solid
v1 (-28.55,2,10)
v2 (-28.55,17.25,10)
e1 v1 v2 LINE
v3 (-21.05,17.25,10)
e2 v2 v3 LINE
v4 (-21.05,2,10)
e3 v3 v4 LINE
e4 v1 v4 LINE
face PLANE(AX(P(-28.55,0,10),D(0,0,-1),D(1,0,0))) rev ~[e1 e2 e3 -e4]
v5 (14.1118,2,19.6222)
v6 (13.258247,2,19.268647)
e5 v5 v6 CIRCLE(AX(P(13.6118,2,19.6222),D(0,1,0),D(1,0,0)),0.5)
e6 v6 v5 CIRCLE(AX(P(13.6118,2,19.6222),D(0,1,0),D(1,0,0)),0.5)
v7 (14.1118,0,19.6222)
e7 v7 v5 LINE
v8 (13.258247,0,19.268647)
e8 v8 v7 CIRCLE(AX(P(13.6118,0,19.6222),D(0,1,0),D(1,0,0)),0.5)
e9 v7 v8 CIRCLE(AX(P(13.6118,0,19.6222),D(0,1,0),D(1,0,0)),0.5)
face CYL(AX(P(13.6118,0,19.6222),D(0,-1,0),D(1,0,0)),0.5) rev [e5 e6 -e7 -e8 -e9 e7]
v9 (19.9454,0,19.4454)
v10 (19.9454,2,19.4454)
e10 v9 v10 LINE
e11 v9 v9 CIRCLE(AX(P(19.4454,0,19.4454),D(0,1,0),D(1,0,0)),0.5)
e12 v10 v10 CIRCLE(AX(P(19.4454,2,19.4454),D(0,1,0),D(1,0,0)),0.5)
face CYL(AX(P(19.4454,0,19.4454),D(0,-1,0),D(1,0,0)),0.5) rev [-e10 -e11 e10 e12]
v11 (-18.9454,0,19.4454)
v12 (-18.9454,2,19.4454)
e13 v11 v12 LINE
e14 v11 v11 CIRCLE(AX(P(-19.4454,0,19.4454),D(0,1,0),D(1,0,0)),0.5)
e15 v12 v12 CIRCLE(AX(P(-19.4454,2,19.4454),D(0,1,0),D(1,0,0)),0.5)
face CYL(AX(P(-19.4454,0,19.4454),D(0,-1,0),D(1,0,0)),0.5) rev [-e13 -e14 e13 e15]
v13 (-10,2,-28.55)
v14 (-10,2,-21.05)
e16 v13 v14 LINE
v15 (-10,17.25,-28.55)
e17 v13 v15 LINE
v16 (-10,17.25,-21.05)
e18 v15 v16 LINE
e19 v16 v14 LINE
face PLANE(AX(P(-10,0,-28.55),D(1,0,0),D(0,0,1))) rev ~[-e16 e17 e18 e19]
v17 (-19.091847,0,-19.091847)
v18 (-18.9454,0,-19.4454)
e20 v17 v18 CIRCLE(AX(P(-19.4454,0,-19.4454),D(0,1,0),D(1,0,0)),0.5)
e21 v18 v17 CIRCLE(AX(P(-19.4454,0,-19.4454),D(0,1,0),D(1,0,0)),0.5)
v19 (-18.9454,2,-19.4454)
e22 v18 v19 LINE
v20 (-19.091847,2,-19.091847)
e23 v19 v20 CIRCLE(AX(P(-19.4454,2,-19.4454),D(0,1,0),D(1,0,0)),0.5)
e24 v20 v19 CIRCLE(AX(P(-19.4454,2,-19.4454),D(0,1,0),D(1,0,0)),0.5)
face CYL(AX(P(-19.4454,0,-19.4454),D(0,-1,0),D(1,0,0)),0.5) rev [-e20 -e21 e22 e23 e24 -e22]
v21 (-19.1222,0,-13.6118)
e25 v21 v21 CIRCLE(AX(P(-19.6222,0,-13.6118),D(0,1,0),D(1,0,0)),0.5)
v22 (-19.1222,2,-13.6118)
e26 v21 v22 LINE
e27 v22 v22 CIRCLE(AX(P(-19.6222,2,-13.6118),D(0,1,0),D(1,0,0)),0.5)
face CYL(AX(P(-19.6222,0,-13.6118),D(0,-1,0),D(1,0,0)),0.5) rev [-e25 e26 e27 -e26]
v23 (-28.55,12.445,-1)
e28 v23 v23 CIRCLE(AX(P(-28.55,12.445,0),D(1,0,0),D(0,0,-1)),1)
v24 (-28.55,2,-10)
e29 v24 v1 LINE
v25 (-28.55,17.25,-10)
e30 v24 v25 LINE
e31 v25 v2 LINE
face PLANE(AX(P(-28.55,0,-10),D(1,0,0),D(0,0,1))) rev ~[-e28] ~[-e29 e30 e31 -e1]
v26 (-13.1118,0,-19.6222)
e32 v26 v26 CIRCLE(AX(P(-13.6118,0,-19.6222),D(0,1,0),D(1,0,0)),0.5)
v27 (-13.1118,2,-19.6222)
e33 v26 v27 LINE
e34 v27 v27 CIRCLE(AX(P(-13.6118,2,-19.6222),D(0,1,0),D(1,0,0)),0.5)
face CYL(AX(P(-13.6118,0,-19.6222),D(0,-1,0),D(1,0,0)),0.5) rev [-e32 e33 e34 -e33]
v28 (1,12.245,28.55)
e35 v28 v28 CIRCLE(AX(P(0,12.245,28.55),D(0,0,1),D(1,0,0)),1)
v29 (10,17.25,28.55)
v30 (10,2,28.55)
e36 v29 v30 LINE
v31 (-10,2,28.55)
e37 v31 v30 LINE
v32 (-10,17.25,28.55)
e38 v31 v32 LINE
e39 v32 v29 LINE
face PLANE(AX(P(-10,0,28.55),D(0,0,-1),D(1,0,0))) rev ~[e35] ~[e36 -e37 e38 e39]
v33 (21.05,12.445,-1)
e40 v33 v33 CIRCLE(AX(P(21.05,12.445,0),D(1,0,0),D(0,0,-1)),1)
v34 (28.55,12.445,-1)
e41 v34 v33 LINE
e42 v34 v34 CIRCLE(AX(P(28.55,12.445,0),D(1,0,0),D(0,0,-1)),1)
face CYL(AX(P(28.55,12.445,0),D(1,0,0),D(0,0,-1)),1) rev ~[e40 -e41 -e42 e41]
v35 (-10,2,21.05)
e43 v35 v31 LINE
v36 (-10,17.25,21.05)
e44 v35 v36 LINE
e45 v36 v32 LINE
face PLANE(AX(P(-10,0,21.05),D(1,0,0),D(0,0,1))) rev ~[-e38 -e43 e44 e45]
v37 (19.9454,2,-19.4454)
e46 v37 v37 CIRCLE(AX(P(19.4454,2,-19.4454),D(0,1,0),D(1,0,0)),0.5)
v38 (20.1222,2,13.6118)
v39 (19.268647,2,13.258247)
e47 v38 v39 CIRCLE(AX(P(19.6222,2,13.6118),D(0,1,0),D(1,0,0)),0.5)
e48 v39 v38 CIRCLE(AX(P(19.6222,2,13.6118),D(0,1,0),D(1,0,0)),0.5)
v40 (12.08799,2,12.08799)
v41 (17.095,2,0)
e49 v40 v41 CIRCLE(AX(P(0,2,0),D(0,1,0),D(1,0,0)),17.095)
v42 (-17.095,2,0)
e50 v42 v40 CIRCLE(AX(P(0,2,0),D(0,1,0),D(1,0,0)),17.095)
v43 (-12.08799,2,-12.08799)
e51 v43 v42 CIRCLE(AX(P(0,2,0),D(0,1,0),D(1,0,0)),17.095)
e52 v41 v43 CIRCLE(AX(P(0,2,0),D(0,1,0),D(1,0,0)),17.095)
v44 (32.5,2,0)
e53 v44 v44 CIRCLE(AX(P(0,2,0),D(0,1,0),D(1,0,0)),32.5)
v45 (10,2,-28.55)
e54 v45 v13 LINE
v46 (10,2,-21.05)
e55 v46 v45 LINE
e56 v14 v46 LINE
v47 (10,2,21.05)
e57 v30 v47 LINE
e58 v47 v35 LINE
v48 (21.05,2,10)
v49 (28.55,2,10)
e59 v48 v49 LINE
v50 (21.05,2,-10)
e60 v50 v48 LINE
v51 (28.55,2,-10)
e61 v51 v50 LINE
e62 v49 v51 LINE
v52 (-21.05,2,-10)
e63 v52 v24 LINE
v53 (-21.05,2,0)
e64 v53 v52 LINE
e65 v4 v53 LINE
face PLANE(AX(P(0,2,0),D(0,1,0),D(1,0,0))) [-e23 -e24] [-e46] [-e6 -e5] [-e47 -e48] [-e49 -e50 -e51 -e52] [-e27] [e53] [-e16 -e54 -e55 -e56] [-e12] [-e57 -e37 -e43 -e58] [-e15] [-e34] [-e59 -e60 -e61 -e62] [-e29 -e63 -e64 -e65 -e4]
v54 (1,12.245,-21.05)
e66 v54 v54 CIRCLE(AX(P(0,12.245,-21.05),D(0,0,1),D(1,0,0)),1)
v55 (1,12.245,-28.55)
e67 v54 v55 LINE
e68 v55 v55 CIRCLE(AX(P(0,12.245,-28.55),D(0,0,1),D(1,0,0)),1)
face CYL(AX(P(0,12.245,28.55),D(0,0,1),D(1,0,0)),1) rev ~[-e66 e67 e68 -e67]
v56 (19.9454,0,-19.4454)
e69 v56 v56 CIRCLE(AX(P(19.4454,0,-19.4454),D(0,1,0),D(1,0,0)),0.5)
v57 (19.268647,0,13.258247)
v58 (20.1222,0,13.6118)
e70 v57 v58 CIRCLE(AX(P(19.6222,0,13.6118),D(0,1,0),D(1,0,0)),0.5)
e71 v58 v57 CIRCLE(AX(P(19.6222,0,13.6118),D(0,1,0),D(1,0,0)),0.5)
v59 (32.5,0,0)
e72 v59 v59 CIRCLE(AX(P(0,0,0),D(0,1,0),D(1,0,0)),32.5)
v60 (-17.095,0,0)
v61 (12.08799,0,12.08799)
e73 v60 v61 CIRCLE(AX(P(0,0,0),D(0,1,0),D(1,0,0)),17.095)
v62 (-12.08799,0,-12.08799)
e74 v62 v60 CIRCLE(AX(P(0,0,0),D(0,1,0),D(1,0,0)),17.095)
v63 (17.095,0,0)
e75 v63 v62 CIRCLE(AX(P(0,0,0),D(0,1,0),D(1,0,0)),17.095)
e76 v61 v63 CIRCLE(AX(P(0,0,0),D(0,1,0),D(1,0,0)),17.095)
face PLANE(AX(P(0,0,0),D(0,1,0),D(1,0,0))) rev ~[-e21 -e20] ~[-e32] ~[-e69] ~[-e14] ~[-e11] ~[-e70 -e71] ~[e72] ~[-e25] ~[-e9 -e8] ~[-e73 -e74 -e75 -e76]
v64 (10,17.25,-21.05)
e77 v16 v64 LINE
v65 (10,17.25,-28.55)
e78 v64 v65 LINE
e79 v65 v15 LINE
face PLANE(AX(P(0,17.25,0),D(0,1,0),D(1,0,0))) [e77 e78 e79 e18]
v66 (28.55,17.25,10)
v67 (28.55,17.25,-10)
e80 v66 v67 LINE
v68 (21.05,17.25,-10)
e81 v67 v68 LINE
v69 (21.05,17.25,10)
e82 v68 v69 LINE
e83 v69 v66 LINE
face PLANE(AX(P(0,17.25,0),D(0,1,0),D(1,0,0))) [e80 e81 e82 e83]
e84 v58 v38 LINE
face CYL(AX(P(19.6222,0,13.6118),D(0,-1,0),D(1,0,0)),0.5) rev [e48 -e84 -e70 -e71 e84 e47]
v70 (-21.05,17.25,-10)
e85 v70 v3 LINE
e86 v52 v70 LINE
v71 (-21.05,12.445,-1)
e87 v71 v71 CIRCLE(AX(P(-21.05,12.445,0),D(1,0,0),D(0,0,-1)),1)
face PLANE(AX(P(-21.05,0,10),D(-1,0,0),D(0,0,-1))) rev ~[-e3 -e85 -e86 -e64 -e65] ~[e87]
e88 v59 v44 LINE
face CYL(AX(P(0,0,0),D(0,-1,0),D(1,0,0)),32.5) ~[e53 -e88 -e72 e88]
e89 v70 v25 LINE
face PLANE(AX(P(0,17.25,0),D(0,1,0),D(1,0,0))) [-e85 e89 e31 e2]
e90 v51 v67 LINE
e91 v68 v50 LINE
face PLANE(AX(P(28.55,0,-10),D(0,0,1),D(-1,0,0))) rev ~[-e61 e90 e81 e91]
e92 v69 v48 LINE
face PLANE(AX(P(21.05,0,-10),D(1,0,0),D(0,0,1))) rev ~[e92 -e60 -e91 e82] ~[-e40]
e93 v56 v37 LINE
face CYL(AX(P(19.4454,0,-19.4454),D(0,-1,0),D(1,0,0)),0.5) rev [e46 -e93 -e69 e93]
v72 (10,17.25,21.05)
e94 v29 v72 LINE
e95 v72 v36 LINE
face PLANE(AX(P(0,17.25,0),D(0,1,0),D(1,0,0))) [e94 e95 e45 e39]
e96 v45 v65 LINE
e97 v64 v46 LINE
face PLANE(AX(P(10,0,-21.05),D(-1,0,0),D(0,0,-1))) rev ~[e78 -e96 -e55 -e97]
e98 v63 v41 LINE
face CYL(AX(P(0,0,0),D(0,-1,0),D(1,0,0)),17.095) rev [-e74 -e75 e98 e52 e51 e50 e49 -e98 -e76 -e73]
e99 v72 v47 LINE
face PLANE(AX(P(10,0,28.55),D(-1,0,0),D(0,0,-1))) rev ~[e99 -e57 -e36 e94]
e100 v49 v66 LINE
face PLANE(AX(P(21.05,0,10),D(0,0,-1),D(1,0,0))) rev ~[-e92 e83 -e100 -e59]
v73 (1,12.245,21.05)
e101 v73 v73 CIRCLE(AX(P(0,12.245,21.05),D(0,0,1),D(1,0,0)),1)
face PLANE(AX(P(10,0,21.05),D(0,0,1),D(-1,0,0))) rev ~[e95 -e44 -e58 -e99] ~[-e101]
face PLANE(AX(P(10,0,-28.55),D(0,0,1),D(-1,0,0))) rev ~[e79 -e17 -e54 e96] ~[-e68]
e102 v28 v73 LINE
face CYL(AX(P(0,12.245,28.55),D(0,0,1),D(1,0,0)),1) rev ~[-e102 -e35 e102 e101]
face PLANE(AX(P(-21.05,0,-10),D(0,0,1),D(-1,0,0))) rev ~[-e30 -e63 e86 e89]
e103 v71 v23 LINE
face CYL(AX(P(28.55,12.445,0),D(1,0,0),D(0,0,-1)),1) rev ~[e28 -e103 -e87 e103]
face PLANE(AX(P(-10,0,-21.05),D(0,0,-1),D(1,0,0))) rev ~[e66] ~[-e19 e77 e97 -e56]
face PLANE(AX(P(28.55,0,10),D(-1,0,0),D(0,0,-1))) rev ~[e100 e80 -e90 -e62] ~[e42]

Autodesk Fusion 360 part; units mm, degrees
sketch "Sketch1" plane through (0, 0, 0) normal (0, 1, 0) x (1, 0, 0)
  circle A0 centre (0, 0) radius 17.095
  circle A1 centre (0, 0) radius 32.5
  line L0 (-21.05, 10) -> (-28.55, 10)
  line L1 (-28.55, 10) -> (-28.55, -10)
  line L2 (-28.55, -10) -> (-21.05, -10)
  line L3 (-21.05, -10) -> (-21.05, 10)
  line L4 (-21.05, 0) -> (0, 0)
  line L5 (0, 0) -> (-19.4454, 19.4454)
  circle A2 centre (-19.4454, 19.4454) radius 0.5
  line L6 (-10, -21.05) -> (-10, -28.55)
  line L7 (10, -28.55) -> (10, -21.05)
  line L8 (-10, -28.55) -> (10, -28.55)
  line L9 (10, -21.05) -> (-10, -21.05)
  circle A3 centre (-19.4454, -19.4454) radius 0.5
  line L10 (21.05, -10) -> (28.55, -10)
  line L11 (28.55, 10) -> (21.05, 10)
  line L12 (28.55, -10) -> (28.55, 10)
  line L13 (21.05, 10) -> (21.05, -10)
  circle A4 centre (19.4454, -19.4454) radius 0.5
  line L14 (10, 21.05) -> (10, 28.55)
  line L15 (-10, 28.55) -> (-10, 21.05)
  line L16 (10, 28.55) -> (-10, 28.55)
  line L17 (-10, 21.05) -> (10, 21.05)
  circle A5 centre (19.4454, 19.4454) radius 0.5
  line L18 (17.3241, -8.1317) -> (8.1317, -17.3241)
  line L19 (0, 0) -> (12.7279, -12.7279)
  line L20 (10.253, -19.4454) -> (8.1317, -17.3241)
  line L21 (8.1317, -17.3241) -> (11.3137, -14.1421)
  line L22 (11.3137, -14.1421) -> (13.435, -16.2635)
  line L23 (13.435, -16.2635) -> (10.253, -19.4454)
  line L24 (19.4454, -10.253) -> (17.3241, -8.1317)
  line L25 (17.3241, -8.1317) -> (14.1421, -11.3137)
  line L26 (14.1421, -11.3137) -> (16.2635, -13.435)
  line L27 (16.2635, -13.435) -> (19.4454, -10.253)
  line L28 (11.844, -17.8544) -> (13.6118, -19.6222)
  circle A6 centre (13.6118, -19.6222) radius 0.5
  line L29 (17.8544, -11.844) -> (19.6222, -13.6118)
  circle A7 centre (19.6222, -13.6118) radius 0.5
  circle A8 centre (-13.6118, 19.6222) radius 0.5
  circle A9 centre (-19.6222, 13.6118) radius 0.5
  point P0 (0, -21.05)
  point P1 (21.05, 0)
  point P2 (0, 21.05)
  dimension "d1" = 34.19
  dimension "d2" = 65
  dimension "d4" = 21.05
  dimension "d5" = 20
  dimension "d6" = 7.5
  dimension "d7" = 27.5
  dimension "d8" = 1
  dimension "d9" = 45
  dimension "d11" = 360
  dimension "d13" = 13
  dimension "d14" = 18
  dimension "d15" = 3
  dimension "d16" = 4.5
  dimension "d17" = 3
  dimension "d18" = 4.5
  dimension "d19" = 2.5
  dimension "d20" = 1
  dimension "d21" = 2.5
  dimension "d22" = 1
  dimension "d24" = 360
extrude "Extrude1" add sketch "Sketch1" along normal blind 12.45 contours L0 L1 L2 L3 | L6 L7 L8 L9 | L10 L11 L12 L13 | L14 L15 L16 L17 makes body 1 at (3.3333, 4.15, 21.05) makes body 2 at (21.05, 4.15, -3.3333) makes body 3 at (-21.05, 4.15, 3.3333) makes body 4 at (-3.3333, 4.15, -21.05)
extrude "Extrude2" add sketch "Sketch1" along normal blind 2 contours L18 L24 L25 L26 L27 | L18 L20 L21 L22 L23 | A1 bodies 1 2 3 4
extrude "Extrude3" add 4 faces at (-26.05, 12.45, 3.3333) (-3.3333, 12.45, 23.55) (23.55, 12.45, -3.3333) (3.3333, 12.45, -23.55) along direction (0, 1, 0) blind 1.8 on bodies 1 bodies 1
sketch "Sketch2" plane through (0, 0, 28.55) normal (0, 0, 1) x (1, 0, 0)
  line L0 (-10, 2) -> (10, 2)
  line L1 (10, 2) -> (10, 14.25)
  line L2 (10, 14.25) -> (-10, 14.25)
  line L3 (-10, 14.25) -> (-10, 2)
  circle A0 centre (0, 12.245) radius 1
  dimension "d31" = 2
  dimension "d32" = 12.245
extrude "Extrude4" add 4 faces at (-3.3333, 14.25, 23.55) (23.55, 14.25, -3.3333) (3.3333, 14.25, -23.55) (-26.05, 14.25, 3.3333) along direction (0, 1, 0) blind 3 on bodies 1 bodies 1
sketch "Sketch3" plane through (28.55, 0, 0) normal (1, 0, 0) x (0, 0, -1)
  line L0 (-10, 2) -> (10, 2)
  line L1 (10, 2) -> (10, 17.25)
  line L2 (10, 17.25) -> (-10, 17.25)
  line L3 (-10, 17.25) -> (-10, 2)
  circle A0 centre (0, 12.445) radius 1
  dimension "d35" = 2
  dimension "d36" = 12.445
extrude "Extrude5" cut sketch "Sketch3" against normal blind 60 contours A0 bodies 1
extrude "Extrude6" cut sketch "Sketch2" against normal blind 60 contours A0 bodies 1
